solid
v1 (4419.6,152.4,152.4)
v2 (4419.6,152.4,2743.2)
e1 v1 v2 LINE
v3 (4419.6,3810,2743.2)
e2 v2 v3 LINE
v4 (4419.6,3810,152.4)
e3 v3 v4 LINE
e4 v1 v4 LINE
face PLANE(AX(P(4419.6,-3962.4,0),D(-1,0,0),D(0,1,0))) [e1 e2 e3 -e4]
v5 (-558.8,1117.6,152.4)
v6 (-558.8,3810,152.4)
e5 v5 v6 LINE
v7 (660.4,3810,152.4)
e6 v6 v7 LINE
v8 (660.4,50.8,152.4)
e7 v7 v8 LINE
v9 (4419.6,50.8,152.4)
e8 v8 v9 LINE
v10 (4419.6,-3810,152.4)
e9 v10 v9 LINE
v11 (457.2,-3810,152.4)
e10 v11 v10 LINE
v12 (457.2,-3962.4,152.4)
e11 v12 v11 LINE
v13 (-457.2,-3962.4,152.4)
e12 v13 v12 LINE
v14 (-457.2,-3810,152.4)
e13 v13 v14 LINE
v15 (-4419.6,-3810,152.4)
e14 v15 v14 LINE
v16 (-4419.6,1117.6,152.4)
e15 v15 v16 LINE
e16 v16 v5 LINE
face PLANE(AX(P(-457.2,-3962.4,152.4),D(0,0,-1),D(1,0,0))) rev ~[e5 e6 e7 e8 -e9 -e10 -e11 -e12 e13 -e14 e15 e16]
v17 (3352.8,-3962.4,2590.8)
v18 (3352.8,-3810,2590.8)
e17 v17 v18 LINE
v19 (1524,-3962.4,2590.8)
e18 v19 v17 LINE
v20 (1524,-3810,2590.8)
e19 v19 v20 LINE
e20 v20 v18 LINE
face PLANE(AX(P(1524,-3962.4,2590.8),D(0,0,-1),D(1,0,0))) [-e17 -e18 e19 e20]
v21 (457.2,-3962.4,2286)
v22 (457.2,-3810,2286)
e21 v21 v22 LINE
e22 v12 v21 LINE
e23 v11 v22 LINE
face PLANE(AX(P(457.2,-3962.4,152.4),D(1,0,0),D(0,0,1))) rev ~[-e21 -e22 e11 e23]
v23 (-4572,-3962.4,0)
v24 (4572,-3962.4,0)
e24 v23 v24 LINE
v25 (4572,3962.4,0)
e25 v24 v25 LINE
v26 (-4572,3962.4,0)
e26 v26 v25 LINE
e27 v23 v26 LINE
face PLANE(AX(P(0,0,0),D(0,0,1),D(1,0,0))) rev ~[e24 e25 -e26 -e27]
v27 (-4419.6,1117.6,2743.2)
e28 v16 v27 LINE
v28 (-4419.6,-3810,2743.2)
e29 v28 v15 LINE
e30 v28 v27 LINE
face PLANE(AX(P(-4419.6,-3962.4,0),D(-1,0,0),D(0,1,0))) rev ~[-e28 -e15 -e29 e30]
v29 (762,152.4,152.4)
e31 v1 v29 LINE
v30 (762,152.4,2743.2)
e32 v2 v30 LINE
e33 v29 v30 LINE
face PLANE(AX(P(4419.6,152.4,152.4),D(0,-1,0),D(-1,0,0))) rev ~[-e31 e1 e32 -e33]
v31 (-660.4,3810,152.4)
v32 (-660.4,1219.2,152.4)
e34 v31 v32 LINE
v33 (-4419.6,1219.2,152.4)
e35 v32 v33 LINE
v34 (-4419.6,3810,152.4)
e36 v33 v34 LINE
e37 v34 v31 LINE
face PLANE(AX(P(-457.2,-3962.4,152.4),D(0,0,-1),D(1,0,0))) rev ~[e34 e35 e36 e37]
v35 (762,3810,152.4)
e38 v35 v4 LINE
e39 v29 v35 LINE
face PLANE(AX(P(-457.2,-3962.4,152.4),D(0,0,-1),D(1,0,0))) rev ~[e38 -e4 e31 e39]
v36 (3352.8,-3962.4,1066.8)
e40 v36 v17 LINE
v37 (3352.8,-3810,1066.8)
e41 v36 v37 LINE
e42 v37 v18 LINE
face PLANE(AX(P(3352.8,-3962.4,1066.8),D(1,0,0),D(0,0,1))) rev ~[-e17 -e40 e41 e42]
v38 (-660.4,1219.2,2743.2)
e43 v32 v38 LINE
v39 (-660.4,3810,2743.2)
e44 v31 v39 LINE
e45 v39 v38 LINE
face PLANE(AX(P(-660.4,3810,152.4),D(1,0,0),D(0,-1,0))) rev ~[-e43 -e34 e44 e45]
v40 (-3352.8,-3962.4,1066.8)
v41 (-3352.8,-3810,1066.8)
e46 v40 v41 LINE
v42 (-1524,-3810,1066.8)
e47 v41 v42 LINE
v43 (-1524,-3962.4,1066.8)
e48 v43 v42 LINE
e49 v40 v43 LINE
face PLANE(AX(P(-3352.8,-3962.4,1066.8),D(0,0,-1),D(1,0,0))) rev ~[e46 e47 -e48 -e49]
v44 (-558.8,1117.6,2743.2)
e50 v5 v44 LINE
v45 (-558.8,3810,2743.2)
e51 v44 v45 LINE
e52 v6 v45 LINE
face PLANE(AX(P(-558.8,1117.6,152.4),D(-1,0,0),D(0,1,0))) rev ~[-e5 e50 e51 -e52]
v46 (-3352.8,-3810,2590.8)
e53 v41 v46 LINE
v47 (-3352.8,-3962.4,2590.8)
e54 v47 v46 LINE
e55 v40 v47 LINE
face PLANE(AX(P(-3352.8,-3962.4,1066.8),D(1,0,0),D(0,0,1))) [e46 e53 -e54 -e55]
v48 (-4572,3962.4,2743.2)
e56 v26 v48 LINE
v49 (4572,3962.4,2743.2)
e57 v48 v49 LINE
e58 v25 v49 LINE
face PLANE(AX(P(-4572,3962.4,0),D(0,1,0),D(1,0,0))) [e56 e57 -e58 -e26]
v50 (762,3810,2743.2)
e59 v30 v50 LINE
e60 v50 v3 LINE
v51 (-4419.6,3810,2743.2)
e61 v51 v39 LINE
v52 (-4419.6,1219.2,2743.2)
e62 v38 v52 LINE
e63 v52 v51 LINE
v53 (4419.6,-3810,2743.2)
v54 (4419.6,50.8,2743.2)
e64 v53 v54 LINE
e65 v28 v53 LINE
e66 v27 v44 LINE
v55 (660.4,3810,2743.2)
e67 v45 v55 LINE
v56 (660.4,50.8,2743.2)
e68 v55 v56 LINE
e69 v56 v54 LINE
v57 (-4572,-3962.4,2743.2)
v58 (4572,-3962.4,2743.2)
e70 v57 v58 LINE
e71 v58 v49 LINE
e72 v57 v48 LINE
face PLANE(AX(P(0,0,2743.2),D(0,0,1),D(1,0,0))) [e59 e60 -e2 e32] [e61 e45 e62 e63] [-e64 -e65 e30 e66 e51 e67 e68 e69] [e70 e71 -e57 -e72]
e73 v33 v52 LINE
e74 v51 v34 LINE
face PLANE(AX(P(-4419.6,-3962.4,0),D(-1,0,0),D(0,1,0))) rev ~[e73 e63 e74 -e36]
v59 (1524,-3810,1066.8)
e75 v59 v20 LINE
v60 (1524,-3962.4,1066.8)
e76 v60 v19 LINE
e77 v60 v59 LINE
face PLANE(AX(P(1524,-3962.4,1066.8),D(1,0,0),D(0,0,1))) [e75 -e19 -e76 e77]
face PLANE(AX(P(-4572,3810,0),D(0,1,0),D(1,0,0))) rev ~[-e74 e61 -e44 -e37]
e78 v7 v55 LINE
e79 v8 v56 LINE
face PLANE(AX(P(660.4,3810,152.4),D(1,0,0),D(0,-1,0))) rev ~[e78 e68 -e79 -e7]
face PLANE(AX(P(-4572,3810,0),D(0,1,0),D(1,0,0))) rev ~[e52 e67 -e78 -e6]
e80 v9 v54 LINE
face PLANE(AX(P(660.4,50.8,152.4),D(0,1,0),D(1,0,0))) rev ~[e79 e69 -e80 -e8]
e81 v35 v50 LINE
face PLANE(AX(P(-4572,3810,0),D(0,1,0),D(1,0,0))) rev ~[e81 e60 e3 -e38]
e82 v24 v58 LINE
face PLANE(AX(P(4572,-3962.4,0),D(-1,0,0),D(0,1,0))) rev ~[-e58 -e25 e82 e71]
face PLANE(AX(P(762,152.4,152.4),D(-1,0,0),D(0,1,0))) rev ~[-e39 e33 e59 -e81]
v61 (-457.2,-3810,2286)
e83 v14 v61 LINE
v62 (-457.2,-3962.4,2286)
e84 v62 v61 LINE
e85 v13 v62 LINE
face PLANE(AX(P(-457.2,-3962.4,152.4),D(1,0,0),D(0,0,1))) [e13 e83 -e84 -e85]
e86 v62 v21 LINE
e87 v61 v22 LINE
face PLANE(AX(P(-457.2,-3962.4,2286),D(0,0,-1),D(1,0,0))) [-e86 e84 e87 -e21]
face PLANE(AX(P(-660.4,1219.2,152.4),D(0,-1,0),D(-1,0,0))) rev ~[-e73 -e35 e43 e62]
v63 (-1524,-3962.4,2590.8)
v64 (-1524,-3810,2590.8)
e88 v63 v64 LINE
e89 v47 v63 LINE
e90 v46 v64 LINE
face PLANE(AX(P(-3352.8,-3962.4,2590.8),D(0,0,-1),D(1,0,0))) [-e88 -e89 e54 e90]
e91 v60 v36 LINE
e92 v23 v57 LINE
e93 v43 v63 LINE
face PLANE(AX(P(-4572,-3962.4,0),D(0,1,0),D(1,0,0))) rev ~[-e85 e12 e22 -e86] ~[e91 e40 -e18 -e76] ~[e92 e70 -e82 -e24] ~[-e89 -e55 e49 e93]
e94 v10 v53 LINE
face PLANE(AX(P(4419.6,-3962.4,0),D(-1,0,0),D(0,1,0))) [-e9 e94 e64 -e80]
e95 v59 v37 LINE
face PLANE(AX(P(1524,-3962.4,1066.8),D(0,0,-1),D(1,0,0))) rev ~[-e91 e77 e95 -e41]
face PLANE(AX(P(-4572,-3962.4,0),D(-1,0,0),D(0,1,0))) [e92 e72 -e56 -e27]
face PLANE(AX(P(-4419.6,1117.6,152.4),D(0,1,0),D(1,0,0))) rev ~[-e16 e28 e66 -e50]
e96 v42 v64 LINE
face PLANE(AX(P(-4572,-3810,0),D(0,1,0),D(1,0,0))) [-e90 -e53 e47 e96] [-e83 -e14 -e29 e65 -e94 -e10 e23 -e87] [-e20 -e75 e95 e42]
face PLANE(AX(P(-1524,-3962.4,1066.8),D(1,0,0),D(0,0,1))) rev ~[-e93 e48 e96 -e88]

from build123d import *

# Parameters (mm, degrees)
F0_W     = 9144
F0_H     = 7924.8
F1_DEPTH = 2743.2
F2_T     = -152.4
F3_W     = 914.4
F3_H     = 2133.6
F3_W_2   = 2438.4
F3_H_2   = 2438.4
F3_W_3   = 1828.8
F3_H_3   = 1524
F4_DEPTH = 152.4
F6_DEPTH = 2590.8


with BuildPart() as f1:
    # F0 (on Top) → F1 (new body)
    with BuildSketch(Plane.XY):
        Rectangle(F0_W, F0_H)
    extrude(amount=F1_DEPTH)

    # F2
    f2_openings = [f1.faces().sort_by_distance(p)[0] for p in [
        (0, 0, 2743.2),
    ]]
    offset(amount=F2_T, openings=f2_openings)

    # F3 (on face) → F4 (cut, through all)
    with BuildSketch(Plane.XZ.offset(3962.4)):
        with Locations((0, 1219.2)):
            Rectangle(F3_W, F3_H)
        with Locations((-2133.6, 4876.8)):
            Rectangle(F3_W_2, F3_H_2)
        with Locations((2133.6, 4876.8)):
            Rectangle(F3_W_2, F3_H_2)
        with Locations((-2438.4, 1828.8)):
            Rectangle(F3_W_3, F3_H_3)
        with Locations((2438.4, 1828.8)):
            Rectangle(F3_W_3, F3_H_3)
    extrude(amount=-F4_DEPTH, mode=Mode.SUBTRACT)

    # F5 (on face) → F6 (join, through all)
    with BuildSketch(Plane.XY.offset(152.4)):
        Polygon((660.4, 50.8), (4419.6, 50.8), (4419.6, 152.4), (762, 152.4), (762, 3810), (660.4, 3810), align=None)
        Polygon((-558.8, 1117.6), (-558.8, 3810), (-660.4, 3810), (-660.4, 1219.2), (-4419.6, 1219.2), (-4419.6, 1117.6), align=None)
    extrude(amount=F6_DEPTH)


solid = f1.part
